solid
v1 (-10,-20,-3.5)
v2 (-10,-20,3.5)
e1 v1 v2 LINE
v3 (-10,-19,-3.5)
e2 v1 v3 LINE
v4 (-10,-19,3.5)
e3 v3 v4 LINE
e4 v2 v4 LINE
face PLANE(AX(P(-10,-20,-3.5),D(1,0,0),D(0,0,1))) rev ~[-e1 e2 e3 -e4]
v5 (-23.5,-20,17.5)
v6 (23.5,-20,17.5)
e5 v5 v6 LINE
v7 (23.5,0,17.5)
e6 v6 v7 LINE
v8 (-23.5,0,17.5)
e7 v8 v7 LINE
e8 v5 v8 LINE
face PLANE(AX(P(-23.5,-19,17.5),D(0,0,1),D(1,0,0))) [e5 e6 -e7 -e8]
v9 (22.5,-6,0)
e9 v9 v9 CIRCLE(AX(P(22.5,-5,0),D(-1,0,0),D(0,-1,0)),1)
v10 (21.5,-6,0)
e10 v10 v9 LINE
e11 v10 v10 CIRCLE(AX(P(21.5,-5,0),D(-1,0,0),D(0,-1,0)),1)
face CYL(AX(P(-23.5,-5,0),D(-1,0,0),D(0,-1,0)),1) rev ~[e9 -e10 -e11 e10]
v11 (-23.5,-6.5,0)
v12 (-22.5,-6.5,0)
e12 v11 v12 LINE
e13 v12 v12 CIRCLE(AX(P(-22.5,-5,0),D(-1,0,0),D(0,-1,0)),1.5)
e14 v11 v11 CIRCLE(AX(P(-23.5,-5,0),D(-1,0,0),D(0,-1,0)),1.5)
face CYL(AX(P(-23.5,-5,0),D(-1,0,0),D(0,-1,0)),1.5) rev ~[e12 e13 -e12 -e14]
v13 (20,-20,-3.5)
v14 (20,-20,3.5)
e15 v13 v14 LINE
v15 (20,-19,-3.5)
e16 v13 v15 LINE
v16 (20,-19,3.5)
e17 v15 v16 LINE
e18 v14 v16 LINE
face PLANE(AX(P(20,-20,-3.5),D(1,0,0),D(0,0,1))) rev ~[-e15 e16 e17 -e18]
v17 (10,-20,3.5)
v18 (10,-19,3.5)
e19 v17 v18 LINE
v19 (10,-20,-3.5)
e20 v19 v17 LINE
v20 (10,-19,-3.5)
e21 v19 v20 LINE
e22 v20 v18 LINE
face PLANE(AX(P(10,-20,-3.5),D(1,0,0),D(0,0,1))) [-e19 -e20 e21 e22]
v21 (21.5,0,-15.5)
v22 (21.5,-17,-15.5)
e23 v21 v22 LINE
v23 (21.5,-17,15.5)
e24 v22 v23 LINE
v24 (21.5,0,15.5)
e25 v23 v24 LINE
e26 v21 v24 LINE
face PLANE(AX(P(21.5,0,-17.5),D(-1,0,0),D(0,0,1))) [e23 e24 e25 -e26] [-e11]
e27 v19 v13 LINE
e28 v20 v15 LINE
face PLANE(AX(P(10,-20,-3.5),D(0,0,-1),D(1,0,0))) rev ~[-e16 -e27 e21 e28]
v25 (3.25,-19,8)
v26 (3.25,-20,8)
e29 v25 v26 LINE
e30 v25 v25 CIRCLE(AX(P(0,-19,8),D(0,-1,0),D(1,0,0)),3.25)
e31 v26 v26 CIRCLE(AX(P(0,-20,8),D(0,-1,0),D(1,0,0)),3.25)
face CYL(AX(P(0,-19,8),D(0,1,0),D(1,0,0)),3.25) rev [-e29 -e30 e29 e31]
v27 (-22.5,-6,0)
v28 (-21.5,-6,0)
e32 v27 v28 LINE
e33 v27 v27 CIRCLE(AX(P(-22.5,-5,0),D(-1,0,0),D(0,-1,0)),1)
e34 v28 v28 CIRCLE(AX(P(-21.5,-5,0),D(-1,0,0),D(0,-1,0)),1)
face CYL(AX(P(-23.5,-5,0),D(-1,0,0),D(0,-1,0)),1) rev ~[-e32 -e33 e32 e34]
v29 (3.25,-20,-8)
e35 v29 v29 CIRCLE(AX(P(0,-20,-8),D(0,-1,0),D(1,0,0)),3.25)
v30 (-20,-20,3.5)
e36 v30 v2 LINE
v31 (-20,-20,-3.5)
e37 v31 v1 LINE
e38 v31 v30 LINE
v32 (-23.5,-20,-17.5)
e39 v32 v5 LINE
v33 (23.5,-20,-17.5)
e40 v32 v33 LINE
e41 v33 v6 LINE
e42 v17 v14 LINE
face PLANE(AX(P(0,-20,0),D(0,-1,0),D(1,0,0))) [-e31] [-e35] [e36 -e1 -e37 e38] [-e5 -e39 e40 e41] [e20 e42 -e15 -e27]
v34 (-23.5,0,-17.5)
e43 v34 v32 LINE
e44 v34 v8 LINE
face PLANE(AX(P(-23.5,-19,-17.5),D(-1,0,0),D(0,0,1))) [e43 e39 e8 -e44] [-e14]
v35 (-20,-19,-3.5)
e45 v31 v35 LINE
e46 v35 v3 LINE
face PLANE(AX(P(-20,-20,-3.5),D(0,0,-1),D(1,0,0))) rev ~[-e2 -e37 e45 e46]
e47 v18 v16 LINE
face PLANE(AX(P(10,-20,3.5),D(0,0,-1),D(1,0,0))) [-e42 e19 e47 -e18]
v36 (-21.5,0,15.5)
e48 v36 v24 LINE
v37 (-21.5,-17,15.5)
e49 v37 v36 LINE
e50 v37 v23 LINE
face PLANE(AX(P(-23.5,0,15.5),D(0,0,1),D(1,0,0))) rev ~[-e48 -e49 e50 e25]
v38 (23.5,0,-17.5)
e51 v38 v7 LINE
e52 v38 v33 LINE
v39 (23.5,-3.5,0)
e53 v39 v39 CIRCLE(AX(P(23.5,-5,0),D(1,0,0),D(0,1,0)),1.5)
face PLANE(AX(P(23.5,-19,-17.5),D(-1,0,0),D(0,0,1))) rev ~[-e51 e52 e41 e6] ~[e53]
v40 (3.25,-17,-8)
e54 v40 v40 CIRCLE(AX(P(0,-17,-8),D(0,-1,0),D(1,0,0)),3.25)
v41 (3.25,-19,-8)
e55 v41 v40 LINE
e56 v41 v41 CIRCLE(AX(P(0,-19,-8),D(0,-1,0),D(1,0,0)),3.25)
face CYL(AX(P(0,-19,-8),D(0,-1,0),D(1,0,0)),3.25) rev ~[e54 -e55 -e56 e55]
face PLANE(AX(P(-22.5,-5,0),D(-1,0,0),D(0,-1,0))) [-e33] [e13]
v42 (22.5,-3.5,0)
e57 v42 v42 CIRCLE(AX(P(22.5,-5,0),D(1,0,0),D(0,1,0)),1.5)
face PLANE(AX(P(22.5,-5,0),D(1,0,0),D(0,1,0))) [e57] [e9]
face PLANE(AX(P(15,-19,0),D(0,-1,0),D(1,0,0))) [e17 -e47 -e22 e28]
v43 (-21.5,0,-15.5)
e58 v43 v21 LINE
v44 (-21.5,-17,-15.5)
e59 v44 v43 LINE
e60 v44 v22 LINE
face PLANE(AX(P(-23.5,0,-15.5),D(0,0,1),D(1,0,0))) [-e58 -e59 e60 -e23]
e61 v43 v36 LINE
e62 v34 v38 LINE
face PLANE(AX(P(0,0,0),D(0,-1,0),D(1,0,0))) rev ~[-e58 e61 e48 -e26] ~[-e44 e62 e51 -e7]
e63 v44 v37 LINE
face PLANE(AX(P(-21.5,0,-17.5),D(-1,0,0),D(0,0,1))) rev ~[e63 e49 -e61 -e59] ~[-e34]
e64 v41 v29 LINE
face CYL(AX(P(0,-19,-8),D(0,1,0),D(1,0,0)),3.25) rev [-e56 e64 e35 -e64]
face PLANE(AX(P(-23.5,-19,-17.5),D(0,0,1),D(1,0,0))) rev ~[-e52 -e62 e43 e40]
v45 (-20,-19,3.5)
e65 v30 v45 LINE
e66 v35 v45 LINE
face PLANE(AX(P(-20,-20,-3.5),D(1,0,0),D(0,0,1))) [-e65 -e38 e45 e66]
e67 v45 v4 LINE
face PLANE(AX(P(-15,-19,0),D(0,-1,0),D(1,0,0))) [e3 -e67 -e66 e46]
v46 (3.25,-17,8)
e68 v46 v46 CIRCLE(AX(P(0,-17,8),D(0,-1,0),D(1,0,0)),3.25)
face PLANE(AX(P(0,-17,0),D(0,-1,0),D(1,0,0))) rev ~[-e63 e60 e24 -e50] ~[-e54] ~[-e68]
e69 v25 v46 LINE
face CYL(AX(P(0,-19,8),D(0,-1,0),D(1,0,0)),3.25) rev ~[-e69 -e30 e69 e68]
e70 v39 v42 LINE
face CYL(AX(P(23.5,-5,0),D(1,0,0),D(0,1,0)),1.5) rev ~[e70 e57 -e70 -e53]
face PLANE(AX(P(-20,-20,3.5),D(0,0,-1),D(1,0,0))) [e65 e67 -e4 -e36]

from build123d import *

# Parameters (mm, degrees)
F0_W      = 47
F0_H      = 35
F1_DEPTH  = 19
F2_T      = -2
F3_R      = 3.25
F4_DEPTH  = 19.001
F1_FACE_W = 47
F1_FACE_H = 35
F1_FACE_R = 3.25
F5_DEPTH  = 1
F7_R      = 1
F8_DEPTH  = 47.001
F9_R      = 1.5
F10_DEPTH = 1
F11_R     = 1.5
F12_DEPTH = 1
F13_W     = 10
F13_H     = 7
F14_DEPTH = 1


with BuildPart() as f1:
    # F0 (on Front) → F1 (new body)
    with BuildSketch(Plane.XZ):
        Rectangle(F0_W, F0_H)
    extrude(amount=F1_DEPTH)

    # F2
    f2_openings = [f1.faces().sort_by_distance(p)[0] for p in [
        (0, 0, 0),
    ]]
    offset(amount=F2_T, openings=f2_openings)

    # F3 (on face) → F4 (cut, through all)
    with BuildSketch(Plane.XZ.offset(19)):
        with Locations((0, 8)):
            Circle(F3_R)
        with Locations((0, -8)):
            Circle(F3_R)
    extrude(amount=-F4_DEPTH, mode=Mode.SUBTRACT)

    # F1_face (on face) → F5 (join)
    with BuildSketch(Plane.XZ.offset(19)):
        Rectangle(F1_FACE_W, F1_FACE_H)
        with Locations((0, -8)):
            Circle(F1_FACE_R, mode=Mode.SUBTRACT)
        with Locations((0, 8)):
            Circle(F1_FACE_R, mode=Mode.SUBTRACT)
    extrude(amount=F5_DEPTH)

    # F7 (on face) → F8 (cut, through all)
    with BuildSketch(Plane(origin=(-23.5, 0, 0), x_dir=(0, -1, 0), z_dir=(-1, 0, 0))):
        with Locations((5, 0)):
            Circle(F7_R)
    extrude(amount=-F8_DEPTH, mode=Mode.SUBTRACT)

    # F9 (on face) → F10 (cut)
    with BuildSketch(Plane(origin=(-23.5, 0, 0), x_dir=(0, -1, 0), z_dir=(-1, 0, 0))):
        with Locations((5, 0)):
            Circle(F9_R)
    extrude(amount=-F10_DEPTH, mode=Mode.SUBTRACT)

    # F11 (on face) → F12 (cut)
    with BuildSketch(Plane.YZ.offset(23.5)):
        with Locations((-5, 0)):
            Circle(F11_R)
    extrude(amount=-F12_DEPTH, mode=Mode.SUBTRACT)

    # F13 (on face) → F14 (cut)
    with BuildSketch(Plane.XZ.offset(20)):
        with Locations((-15, 0)):
            Rectangle(F13_W, F13_H)
        with Locations((15, 0)):
            Rectangle(F13_W, F13_H)
    extrude(amount=-F14_DEPTH, mode=Mode.SUBTRACT)


solid = f1.part
